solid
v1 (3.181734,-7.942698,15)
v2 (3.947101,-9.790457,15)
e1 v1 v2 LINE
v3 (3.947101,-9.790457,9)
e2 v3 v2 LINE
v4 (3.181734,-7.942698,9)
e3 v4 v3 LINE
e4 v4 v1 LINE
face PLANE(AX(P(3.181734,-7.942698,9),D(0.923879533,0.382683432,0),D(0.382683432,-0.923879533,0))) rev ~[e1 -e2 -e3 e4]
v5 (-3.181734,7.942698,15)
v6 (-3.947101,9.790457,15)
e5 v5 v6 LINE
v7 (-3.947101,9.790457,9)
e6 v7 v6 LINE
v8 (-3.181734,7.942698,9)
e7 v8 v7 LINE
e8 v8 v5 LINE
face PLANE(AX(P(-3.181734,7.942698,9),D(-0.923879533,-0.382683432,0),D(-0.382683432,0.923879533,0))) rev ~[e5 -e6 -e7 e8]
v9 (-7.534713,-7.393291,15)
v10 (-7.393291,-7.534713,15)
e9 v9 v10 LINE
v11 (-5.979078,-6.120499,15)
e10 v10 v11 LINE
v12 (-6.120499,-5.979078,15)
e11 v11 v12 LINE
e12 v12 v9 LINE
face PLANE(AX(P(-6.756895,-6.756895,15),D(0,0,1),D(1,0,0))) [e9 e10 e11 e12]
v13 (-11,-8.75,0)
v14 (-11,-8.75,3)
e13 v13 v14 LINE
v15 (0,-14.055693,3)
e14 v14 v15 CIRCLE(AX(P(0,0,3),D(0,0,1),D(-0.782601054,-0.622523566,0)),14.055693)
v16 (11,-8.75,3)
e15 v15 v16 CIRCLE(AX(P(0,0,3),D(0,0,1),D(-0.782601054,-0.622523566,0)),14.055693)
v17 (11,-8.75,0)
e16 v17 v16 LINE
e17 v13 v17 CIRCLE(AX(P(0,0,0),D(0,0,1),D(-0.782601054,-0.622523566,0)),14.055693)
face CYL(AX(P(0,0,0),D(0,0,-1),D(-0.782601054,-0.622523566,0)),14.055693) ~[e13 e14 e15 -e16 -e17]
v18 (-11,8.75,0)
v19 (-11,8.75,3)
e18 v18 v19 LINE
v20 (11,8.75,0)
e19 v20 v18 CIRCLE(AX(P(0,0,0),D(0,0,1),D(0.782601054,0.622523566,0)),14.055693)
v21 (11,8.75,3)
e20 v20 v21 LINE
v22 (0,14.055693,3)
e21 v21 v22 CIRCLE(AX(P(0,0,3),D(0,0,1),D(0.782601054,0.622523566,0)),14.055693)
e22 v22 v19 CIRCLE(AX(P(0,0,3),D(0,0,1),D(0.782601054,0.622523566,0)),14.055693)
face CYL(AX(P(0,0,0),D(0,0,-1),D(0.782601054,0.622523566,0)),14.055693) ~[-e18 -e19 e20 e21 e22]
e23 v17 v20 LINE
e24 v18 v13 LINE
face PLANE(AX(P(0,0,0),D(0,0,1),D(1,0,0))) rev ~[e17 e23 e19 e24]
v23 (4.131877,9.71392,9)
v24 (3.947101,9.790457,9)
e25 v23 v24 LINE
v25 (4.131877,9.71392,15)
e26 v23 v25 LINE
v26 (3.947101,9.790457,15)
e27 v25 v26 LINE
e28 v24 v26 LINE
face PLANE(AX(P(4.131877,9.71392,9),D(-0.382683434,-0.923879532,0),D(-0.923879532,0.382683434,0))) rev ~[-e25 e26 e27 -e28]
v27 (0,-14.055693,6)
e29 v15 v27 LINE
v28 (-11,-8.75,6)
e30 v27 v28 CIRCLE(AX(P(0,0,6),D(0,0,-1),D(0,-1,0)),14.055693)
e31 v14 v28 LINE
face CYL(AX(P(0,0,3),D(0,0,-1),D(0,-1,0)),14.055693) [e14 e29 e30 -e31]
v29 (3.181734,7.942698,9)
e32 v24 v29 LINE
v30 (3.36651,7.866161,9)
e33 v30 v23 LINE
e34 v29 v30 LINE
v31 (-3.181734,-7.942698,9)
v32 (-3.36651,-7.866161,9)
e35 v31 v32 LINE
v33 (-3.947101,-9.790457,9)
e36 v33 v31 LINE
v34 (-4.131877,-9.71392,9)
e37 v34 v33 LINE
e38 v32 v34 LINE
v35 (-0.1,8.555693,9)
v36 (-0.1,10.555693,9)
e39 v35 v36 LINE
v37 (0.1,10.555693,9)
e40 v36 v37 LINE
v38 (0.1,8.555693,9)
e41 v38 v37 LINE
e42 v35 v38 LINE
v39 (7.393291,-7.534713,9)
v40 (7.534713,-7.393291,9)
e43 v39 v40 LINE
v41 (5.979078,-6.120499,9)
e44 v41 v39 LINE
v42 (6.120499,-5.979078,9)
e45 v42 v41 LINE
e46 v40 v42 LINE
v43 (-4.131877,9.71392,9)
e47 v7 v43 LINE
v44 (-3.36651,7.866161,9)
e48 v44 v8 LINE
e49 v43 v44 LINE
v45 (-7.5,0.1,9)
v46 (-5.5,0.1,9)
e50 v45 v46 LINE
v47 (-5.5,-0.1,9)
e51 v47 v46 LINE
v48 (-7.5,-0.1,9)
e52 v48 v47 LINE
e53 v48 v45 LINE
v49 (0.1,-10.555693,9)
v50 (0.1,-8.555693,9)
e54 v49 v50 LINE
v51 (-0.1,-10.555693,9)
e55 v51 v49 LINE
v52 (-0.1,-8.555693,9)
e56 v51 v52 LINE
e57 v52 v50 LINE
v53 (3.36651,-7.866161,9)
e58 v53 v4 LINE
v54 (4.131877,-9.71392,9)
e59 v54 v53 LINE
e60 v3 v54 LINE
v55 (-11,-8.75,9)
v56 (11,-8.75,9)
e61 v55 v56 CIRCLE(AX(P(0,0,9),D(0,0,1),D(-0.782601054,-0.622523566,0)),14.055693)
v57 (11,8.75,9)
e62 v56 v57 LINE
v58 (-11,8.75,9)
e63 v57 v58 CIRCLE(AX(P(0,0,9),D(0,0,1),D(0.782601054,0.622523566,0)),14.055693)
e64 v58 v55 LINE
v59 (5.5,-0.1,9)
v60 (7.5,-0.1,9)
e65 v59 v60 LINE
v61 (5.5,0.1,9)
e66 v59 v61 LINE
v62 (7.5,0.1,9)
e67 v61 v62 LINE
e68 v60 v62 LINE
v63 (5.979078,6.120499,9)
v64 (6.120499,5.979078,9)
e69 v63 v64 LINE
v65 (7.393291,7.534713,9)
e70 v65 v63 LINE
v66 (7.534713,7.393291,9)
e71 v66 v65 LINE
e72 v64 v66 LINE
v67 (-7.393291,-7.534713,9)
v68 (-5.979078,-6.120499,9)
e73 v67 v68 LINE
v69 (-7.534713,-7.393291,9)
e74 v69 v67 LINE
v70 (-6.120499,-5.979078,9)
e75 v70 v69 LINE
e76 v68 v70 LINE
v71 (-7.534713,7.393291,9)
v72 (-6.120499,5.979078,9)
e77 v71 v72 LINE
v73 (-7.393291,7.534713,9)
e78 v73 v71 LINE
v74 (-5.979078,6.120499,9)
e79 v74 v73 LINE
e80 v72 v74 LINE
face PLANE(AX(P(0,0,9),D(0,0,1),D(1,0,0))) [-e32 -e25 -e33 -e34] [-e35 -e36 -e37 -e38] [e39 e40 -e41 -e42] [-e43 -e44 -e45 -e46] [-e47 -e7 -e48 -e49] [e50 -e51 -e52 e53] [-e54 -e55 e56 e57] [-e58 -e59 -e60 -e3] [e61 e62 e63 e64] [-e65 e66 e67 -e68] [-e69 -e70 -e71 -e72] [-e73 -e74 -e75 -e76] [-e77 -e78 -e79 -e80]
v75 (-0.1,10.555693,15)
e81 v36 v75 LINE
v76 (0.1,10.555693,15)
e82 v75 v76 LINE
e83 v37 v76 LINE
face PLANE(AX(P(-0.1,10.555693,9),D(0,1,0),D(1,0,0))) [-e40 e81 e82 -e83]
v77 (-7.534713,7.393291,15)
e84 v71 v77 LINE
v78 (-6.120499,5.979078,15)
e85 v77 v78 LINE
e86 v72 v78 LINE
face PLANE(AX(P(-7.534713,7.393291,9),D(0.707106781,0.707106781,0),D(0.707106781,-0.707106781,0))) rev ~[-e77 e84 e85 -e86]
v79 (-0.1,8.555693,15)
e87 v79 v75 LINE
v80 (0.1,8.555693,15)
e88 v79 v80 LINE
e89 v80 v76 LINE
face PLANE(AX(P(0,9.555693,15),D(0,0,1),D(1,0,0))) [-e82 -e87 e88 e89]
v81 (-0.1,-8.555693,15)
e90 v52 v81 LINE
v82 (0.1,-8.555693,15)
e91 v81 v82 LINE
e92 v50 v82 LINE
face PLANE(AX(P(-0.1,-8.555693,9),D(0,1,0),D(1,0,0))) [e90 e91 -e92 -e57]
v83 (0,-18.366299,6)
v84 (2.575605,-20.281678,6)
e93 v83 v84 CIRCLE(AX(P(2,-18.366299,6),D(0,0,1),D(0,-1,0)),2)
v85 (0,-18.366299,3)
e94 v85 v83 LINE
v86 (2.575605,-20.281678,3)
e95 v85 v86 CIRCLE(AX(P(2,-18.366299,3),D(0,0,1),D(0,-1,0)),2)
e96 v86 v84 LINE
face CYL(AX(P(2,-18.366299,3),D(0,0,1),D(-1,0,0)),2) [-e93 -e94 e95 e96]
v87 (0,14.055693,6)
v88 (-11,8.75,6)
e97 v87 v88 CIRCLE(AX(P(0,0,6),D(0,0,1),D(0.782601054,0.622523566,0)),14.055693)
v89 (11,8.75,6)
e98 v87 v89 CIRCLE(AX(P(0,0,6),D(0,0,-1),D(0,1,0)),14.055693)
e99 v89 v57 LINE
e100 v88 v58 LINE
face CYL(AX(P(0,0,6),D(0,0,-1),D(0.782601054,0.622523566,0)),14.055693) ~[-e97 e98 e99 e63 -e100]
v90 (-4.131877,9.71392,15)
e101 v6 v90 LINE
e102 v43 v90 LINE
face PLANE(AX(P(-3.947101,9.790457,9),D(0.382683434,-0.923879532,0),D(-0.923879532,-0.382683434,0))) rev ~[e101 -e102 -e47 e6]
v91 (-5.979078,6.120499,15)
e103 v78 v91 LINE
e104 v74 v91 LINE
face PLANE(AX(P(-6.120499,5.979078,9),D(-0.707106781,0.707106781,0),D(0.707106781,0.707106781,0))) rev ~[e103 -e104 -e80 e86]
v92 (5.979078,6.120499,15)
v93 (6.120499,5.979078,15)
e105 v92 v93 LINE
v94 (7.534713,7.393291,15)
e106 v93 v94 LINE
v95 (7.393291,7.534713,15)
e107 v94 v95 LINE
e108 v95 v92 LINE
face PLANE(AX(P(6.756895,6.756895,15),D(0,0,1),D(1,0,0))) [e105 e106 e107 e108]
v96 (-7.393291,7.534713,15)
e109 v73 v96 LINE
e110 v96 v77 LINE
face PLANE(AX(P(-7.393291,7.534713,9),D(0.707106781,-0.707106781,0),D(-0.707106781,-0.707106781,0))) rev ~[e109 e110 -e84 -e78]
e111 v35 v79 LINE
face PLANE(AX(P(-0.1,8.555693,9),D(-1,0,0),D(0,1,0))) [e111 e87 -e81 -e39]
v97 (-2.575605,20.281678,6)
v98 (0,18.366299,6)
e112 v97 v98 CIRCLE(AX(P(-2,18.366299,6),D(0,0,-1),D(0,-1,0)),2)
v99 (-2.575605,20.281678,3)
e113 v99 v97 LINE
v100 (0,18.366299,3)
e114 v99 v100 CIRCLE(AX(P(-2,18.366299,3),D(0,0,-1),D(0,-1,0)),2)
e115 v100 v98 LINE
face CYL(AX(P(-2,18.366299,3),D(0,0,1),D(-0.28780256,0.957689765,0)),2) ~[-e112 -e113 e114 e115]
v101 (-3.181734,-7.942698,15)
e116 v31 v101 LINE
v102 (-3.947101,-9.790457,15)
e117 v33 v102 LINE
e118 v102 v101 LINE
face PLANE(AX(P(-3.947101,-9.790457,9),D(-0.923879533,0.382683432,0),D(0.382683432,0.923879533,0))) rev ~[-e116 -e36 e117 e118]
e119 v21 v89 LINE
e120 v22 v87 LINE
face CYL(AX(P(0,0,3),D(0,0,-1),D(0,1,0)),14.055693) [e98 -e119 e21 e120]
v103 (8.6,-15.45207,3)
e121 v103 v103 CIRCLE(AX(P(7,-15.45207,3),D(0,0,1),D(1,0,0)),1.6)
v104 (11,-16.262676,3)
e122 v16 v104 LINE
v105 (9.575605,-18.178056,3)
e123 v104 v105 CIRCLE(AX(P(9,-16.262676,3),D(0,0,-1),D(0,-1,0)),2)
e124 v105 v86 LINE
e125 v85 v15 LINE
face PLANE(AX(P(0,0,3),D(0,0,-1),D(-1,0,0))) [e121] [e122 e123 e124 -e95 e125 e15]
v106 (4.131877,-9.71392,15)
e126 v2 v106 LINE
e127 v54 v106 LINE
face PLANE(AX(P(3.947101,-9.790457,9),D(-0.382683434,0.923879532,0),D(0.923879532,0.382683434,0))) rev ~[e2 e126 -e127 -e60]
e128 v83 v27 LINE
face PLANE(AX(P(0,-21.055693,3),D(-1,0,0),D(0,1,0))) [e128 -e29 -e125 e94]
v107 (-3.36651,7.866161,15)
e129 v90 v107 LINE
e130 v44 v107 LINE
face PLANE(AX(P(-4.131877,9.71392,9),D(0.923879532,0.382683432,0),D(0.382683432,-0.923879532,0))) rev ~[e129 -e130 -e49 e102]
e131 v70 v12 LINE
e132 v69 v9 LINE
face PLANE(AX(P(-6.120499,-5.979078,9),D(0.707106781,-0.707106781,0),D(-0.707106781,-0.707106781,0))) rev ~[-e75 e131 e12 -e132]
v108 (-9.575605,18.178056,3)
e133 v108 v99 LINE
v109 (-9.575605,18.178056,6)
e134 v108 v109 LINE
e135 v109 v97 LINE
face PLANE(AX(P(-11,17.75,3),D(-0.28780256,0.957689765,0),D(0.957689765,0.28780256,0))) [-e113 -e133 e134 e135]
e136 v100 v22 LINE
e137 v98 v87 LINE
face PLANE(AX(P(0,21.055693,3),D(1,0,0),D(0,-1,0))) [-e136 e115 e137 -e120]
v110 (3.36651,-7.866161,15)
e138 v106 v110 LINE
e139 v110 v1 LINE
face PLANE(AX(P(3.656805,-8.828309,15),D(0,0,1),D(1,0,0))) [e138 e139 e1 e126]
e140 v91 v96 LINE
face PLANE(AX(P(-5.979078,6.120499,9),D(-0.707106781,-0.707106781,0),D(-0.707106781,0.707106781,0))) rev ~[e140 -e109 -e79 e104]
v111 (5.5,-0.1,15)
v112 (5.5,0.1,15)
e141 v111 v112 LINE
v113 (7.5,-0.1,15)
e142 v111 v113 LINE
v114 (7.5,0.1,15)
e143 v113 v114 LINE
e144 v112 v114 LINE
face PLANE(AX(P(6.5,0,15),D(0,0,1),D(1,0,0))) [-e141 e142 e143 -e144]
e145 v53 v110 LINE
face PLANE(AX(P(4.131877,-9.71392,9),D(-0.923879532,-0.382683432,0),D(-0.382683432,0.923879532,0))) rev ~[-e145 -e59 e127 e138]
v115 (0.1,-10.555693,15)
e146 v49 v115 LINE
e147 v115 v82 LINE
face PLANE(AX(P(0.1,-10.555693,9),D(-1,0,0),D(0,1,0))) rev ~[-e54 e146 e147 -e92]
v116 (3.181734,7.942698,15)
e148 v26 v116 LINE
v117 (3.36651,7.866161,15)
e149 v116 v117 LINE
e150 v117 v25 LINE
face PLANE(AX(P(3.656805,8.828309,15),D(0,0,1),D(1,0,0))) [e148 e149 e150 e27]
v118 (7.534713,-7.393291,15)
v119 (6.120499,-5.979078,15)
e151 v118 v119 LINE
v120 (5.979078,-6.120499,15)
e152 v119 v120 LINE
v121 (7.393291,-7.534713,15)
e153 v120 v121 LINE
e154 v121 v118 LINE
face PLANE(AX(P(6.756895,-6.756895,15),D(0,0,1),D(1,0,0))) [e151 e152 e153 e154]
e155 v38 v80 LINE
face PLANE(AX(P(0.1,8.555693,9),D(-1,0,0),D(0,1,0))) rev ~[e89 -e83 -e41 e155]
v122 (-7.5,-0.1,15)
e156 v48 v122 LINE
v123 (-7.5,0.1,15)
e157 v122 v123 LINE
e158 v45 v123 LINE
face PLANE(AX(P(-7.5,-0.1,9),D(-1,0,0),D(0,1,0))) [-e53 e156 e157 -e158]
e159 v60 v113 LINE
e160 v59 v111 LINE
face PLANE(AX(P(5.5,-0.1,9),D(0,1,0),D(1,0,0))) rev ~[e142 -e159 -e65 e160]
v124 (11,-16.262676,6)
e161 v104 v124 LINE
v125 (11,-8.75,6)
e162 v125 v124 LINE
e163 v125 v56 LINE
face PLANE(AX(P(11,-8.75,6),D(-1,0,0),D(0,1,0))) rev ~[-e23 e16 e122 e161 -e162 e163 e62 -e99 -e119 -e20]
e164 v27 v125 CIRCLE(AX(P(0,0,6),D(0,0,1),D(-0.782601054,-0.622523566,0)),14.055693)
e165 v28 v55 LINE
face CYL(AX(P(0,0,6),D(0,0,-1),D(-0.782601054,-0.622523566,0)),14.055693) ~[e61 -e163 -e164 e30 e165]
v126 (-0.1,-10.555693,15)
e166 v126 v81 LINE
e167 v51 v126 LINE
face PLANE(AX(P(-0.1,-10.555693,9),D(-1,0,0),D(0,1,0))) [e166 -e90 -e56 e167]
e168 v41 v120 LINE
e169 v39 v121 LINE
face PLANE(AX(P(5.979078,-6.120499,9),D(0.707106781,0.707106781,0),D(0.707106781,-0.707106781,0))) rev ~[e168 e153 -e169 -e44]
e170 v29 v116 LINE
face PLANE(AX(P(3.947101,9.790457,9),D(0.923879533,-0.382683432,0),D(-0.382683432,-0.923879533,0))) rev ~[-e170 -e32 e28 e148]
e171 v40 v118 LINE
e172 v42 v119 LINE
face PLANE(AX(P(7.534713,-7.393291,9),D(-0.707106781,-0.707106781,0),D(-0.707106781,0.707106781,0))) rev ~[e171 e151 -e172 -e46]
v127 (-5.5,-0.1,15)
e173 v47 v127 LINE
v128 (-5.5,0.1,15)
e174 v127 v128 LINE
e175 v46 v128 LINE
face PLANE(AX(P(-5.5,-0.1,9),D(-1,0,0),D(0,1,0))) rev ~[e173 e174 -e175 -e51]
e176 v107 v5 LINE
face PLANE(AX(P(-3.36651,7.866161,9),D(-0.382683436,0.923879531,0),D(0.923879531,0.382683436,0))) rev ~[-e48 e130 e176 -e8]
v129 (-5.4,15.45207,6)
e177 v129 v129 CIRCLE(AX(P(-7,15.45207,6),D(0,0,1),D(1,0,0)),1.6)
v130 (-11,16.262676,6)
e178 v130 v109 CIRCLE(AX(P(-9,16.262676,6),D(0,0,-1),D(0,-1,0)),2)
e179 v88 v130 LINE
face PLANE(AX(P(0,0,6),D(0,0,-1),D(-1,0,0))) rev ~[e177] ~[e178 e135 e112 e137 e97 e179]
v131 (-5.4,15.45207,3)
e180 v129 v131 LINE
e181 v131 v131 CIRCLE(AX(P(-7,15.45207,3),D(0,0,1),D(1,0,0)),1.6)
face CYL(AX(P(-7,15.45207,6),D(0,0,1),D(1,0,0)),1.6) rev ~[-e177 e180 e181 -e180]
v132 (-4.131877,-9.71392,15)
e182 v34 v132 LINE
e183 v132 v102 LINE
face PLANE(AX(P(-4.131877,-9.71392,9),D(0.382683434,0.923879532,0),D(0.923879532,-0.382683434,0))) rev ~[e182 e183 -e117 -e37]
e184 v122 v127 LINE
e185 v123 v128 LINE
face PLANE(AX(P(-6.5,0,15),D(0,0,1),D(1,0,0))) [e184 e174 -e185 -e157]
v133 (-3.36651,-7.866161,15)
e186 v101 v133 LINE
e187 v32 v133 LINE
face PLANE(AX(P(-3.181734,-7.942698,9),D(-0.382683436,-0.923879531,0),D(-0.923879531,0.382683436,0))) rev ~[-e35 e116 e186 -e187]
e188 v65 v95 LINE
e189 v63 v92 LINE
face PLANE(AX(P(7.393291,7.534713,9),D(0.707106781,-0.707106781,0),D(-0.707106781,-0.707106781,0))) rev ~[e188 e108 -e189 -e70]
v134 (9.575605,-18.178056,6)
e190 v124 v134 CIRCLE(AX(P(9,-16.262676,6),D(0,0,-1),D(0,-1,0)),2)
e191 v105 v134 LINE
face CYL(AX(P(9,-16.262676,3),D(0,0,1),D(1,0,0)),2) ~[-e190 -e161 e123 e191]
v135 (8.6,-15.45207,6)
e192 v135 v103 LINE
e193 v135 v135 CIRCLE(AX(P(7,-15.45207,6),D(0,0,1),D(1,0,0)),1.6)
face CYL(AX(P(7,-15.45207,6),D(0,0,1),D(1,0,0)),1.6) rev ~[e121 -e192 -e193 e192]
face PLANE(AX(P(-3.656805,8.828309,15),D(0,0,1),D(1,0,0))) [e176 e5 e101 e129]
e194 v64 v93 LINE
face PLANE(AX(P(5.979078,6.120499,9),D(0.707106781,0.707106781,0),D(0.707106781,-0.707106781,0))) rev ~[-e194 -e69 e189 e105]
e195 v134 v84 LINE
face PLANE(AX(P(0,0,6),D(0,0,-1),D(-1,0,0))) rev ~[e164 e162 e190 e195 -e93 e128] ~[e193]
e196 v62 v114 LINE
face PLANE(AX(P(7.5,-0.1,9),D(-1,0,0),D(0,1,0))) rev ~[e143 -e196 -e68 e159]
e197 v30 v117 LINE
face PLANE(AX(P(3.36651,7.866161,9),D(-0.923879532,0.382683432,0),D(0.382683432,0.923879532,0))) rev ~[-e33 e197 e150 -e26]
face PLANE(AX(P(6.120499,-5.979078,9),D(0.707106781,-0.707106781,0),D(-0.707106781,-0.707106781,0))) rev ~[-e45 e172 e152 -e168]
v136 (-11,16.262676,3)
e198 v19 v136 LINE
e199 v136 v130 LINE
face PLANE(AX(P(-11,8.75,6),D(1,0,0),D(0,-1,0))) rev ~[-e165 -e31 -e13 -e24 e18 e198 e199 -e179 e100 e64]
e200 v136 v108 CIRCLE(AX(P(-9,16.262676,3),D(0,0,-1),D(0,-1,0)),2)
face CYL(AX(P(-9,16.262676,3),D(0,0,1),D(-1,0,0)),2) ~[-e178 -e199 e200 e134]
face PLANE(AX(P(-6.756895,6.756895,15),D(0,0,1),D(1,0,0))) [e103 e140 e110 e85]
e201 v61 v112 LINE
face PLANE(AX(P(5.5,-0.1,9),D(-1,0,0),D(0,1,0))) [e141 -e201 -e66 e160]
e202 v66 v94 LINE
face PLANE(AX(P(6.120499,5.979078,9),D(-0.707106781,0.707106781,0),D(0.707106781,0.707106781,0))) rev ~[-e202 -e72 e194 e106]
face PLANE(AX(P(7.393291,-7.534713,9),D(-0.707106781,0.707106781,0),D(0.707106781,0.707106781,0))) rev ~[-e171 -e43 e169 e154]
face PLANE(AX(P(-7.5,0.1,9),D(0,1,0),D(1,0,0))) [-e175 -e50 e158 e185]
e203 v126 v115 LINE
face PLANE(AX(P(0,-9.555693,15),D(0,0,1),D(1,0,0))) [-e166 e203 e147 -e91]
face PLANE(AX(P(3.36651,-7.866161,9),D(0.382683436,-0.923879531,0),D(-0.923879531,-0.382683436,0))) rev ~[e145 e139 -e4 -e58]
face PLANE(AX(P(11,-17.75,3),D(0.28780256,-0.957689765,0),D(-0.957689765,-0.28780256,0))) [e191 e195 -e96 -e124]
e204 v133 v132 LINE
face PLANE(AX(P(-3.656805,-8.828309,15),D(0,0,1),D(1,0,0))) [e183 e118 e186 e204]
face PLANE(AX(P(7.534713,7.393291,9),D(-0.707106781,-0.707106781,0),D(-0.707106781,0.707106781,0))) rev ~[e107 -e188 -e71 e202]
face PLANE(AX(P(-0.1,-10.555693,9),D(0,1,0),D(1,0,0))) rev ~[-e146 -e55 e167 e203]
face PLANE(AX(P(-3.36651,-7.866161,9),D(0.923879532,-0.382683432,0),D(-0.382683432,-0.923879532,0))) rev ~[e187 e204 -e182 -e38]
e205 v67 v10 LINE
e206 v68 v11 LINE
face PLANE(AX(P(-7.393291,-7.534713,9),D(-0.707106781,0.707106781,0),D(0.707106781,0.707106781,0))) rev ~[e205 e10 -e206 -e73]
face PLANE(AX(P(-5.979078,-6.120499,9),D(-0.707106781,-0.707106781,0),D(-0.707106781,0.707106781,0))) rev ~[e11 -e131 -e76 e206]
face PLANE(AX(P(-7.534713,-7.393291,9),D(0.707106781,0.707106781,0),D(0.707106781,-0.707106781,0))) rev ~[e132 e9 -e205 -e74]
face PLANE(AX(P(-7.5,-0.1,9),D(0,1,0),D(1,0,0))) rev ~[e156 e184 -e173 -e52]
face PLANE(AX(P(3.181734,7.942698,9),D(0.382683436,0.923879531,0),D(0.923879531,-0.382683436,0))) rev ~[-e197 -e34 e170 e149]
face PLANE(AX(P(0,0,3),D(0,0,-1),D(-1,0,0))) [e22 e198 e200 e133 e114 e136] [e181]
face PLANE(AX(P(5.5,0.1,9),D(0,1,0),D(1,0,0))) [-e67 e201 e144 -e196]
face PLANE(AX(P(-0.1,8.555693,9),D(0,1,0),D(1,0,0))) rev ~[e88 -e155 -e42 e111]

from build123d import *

# Parameters (mm, degrees)
EXTRUDE_1_DEPTH     = 3
EXTRUDE_2_DEPTH     = 3
EXTRUDE_3_DEPTH     = 3
SKETCH_4_R          = 1.6
CUT_EXTRUDE_1_DEPTH = 25.501881543
FILLET_1_R          = 2
SKETCH_5_W          = 0.2
SKETCH_5_H          = 2
SKETCH_5_W_2        = 2
SKETCH_5_H_2        = 0.2
EXTRUDE_4_DEPTH     = 6


with BuildPart() as part:
    # ｽｹｯﾁ1 → ﾎﾞｽ - 押し出し1 (new body)
    with BuildSketch(Plane.XY):
        with BuildLine():
            Line((-11, 8.75), (-11, -8.75))
            ThreePointArc((-11, -8.75), (0, -14.055692797), (11, -8.75))
            Line((11, -8.75), (11, 8.75))
            ThreePointArc((11, 8.75), (0, 14.055692797), (-11, 8.75))
        make_face()
    extrude(amount=EXTRUDE_1_DEPTH)

    # ｽｹｯﾁ2 → ﾎﾞｽ - 押し出し2 (add)
    with BuildSketch(Plane.XY.offset(3)):
        with BuildLine():
            Line((-11, 8.75), (-11, 17.75))
            Line((-11, 17.75), (0, 21.055692797))
            Line((0, 21.055692797), (0, 14.055692797))
            ThreePointArc((0, 14.055692797), (6.106356853, 12.65997259), (11, 8.75))
            Line((11, 8.75), (11, -8.75))
            Line((11, -8.75), (11, -17.75))
            Line((11, -17.75), (0, -21.055692797))
            Line((0, -21.055692797), (0, -14.055692797))
            ThreePointArc((0, -14.055692797), (-6.106356853, -12.65997259), (-11, -8.75))
            Line((-11, -8.75), (-11, 8.75))
        make_face()
    extrude(amount=EXTRUDE_2_DEPTH)

    # ｽｹｯﾁ3 → ﾎﾞｽ - 押し出し3 (add)
    with BuildSketch(Plane.XY.offset(6)):
        with BuildLine():
            Line((-11, 8.75), (-11, -8.75))
            ThreePointArc((-11, -8.75), (0, -14.055692797), (11, -8.75))
            Line((11, -8.75), (11, 8.75))
            ThreePointArc((11, 8.75), (0, 14.055692797), (-11, 8.75))
        make_face()
    extrude(amount=EXTRUDE_3_DEPTH)

    # ｽｹｯﾁ4 → ｶｯﾄ - 押し出し1 (cut, through all)
    with BuildSketch(Plane.XY.offset(6)):
        with Locations((-7, 15.452070108)):
            Circle(SKETCH_4_R)
        with Locations((7, -15.452070108)):
            Circle(SKETCH_4_R)
    extrude(amount=-CUT_EXTRUDE_1_DEPTH, mode=Mode.SUBTRACT)

    # ﾌｨﾚｯﾄ1
    fillet_1_edges = [part.edges().sort_by_distance(p)[0] for p in [
        (0, -21.055692797, 4.5),
        (11, -17.75, 4.5),
        (0, 21.055692797, 4.5),
        (-11, 17.75, 4.5),
    ]]
    fillet(fillet_1_edges, radius=FILLET_1_R)

    # ｽｹｯﾁ5 → ﾎﾞｽ - 押し出し4 (add)
    with BuildSketch(Plane.XY.offset(9)):
        Polygon((3.947100797, 9.79045687), (3.181733933, 7.942697805), (3.366509839, 7.866161118), (4.131876704, 9.713920183), align=None)
        with Locations((0, 9.555692797)):
            Rectangle(SKETCH_5_W, SKETCH_5_H)
        Polygon((7.393291279, 7.534712635), (5.979077716, 6.120499073), (6.120499073, 5.979077716), (7.534712635, 7.393291279), align=None)
        Polygon((7.534712635, -7.393291279), (6.120499073, -5.979077716), (5.979077716, -6.120499073), (7.393291279, -7.534712635), align=None)
        Polygon((4.131876704, -9.713920183), (3.366509839, -7.866161118), (3.181733933, -7.942697805), (3.947100797, -9.79045687), align=None)
        with Locations((0, -9.555692797)):
            Rectangle(SKETCH_5_W, SKETCH_5_H)
        Polygon((-3.947100797, -9.79045687), (-3.181733933, -7.942697805), (-3.366509839, -7.866161118), (-4.131876704, -9.713920183), align=None)
        Polygon((-7.393291279, -7.534712635), (-5.979077716, -6.120499073), (-6.120499073, -5.979077716), (-7.534712635, -7.393291279), align=None)
        Polygon((-7.534712635, 7.393291279), (-6.120499073, 5.979077716), (-5.979077716, 6.120499073), (-7.393291279, 7.534712635), align=None)
        Polygon((-4.131876704, 9.713920183), (-3.366509839, 7.866161118), (-3.181733933, 7.942697805), (-3.947100797, 9.79045687), align=None)
        with Locations((-6.5, 0)):
            Rectangle(SKETCH_5_W_2, SKETCH_5_H_2)
        with Locations((6.5, 0)):
            Rectangle(SKETCH_5_W_2, SKETCH_5_H_2)
    extrude(amount=EXTRUDE_4_DEPTH)


solid = part.part
